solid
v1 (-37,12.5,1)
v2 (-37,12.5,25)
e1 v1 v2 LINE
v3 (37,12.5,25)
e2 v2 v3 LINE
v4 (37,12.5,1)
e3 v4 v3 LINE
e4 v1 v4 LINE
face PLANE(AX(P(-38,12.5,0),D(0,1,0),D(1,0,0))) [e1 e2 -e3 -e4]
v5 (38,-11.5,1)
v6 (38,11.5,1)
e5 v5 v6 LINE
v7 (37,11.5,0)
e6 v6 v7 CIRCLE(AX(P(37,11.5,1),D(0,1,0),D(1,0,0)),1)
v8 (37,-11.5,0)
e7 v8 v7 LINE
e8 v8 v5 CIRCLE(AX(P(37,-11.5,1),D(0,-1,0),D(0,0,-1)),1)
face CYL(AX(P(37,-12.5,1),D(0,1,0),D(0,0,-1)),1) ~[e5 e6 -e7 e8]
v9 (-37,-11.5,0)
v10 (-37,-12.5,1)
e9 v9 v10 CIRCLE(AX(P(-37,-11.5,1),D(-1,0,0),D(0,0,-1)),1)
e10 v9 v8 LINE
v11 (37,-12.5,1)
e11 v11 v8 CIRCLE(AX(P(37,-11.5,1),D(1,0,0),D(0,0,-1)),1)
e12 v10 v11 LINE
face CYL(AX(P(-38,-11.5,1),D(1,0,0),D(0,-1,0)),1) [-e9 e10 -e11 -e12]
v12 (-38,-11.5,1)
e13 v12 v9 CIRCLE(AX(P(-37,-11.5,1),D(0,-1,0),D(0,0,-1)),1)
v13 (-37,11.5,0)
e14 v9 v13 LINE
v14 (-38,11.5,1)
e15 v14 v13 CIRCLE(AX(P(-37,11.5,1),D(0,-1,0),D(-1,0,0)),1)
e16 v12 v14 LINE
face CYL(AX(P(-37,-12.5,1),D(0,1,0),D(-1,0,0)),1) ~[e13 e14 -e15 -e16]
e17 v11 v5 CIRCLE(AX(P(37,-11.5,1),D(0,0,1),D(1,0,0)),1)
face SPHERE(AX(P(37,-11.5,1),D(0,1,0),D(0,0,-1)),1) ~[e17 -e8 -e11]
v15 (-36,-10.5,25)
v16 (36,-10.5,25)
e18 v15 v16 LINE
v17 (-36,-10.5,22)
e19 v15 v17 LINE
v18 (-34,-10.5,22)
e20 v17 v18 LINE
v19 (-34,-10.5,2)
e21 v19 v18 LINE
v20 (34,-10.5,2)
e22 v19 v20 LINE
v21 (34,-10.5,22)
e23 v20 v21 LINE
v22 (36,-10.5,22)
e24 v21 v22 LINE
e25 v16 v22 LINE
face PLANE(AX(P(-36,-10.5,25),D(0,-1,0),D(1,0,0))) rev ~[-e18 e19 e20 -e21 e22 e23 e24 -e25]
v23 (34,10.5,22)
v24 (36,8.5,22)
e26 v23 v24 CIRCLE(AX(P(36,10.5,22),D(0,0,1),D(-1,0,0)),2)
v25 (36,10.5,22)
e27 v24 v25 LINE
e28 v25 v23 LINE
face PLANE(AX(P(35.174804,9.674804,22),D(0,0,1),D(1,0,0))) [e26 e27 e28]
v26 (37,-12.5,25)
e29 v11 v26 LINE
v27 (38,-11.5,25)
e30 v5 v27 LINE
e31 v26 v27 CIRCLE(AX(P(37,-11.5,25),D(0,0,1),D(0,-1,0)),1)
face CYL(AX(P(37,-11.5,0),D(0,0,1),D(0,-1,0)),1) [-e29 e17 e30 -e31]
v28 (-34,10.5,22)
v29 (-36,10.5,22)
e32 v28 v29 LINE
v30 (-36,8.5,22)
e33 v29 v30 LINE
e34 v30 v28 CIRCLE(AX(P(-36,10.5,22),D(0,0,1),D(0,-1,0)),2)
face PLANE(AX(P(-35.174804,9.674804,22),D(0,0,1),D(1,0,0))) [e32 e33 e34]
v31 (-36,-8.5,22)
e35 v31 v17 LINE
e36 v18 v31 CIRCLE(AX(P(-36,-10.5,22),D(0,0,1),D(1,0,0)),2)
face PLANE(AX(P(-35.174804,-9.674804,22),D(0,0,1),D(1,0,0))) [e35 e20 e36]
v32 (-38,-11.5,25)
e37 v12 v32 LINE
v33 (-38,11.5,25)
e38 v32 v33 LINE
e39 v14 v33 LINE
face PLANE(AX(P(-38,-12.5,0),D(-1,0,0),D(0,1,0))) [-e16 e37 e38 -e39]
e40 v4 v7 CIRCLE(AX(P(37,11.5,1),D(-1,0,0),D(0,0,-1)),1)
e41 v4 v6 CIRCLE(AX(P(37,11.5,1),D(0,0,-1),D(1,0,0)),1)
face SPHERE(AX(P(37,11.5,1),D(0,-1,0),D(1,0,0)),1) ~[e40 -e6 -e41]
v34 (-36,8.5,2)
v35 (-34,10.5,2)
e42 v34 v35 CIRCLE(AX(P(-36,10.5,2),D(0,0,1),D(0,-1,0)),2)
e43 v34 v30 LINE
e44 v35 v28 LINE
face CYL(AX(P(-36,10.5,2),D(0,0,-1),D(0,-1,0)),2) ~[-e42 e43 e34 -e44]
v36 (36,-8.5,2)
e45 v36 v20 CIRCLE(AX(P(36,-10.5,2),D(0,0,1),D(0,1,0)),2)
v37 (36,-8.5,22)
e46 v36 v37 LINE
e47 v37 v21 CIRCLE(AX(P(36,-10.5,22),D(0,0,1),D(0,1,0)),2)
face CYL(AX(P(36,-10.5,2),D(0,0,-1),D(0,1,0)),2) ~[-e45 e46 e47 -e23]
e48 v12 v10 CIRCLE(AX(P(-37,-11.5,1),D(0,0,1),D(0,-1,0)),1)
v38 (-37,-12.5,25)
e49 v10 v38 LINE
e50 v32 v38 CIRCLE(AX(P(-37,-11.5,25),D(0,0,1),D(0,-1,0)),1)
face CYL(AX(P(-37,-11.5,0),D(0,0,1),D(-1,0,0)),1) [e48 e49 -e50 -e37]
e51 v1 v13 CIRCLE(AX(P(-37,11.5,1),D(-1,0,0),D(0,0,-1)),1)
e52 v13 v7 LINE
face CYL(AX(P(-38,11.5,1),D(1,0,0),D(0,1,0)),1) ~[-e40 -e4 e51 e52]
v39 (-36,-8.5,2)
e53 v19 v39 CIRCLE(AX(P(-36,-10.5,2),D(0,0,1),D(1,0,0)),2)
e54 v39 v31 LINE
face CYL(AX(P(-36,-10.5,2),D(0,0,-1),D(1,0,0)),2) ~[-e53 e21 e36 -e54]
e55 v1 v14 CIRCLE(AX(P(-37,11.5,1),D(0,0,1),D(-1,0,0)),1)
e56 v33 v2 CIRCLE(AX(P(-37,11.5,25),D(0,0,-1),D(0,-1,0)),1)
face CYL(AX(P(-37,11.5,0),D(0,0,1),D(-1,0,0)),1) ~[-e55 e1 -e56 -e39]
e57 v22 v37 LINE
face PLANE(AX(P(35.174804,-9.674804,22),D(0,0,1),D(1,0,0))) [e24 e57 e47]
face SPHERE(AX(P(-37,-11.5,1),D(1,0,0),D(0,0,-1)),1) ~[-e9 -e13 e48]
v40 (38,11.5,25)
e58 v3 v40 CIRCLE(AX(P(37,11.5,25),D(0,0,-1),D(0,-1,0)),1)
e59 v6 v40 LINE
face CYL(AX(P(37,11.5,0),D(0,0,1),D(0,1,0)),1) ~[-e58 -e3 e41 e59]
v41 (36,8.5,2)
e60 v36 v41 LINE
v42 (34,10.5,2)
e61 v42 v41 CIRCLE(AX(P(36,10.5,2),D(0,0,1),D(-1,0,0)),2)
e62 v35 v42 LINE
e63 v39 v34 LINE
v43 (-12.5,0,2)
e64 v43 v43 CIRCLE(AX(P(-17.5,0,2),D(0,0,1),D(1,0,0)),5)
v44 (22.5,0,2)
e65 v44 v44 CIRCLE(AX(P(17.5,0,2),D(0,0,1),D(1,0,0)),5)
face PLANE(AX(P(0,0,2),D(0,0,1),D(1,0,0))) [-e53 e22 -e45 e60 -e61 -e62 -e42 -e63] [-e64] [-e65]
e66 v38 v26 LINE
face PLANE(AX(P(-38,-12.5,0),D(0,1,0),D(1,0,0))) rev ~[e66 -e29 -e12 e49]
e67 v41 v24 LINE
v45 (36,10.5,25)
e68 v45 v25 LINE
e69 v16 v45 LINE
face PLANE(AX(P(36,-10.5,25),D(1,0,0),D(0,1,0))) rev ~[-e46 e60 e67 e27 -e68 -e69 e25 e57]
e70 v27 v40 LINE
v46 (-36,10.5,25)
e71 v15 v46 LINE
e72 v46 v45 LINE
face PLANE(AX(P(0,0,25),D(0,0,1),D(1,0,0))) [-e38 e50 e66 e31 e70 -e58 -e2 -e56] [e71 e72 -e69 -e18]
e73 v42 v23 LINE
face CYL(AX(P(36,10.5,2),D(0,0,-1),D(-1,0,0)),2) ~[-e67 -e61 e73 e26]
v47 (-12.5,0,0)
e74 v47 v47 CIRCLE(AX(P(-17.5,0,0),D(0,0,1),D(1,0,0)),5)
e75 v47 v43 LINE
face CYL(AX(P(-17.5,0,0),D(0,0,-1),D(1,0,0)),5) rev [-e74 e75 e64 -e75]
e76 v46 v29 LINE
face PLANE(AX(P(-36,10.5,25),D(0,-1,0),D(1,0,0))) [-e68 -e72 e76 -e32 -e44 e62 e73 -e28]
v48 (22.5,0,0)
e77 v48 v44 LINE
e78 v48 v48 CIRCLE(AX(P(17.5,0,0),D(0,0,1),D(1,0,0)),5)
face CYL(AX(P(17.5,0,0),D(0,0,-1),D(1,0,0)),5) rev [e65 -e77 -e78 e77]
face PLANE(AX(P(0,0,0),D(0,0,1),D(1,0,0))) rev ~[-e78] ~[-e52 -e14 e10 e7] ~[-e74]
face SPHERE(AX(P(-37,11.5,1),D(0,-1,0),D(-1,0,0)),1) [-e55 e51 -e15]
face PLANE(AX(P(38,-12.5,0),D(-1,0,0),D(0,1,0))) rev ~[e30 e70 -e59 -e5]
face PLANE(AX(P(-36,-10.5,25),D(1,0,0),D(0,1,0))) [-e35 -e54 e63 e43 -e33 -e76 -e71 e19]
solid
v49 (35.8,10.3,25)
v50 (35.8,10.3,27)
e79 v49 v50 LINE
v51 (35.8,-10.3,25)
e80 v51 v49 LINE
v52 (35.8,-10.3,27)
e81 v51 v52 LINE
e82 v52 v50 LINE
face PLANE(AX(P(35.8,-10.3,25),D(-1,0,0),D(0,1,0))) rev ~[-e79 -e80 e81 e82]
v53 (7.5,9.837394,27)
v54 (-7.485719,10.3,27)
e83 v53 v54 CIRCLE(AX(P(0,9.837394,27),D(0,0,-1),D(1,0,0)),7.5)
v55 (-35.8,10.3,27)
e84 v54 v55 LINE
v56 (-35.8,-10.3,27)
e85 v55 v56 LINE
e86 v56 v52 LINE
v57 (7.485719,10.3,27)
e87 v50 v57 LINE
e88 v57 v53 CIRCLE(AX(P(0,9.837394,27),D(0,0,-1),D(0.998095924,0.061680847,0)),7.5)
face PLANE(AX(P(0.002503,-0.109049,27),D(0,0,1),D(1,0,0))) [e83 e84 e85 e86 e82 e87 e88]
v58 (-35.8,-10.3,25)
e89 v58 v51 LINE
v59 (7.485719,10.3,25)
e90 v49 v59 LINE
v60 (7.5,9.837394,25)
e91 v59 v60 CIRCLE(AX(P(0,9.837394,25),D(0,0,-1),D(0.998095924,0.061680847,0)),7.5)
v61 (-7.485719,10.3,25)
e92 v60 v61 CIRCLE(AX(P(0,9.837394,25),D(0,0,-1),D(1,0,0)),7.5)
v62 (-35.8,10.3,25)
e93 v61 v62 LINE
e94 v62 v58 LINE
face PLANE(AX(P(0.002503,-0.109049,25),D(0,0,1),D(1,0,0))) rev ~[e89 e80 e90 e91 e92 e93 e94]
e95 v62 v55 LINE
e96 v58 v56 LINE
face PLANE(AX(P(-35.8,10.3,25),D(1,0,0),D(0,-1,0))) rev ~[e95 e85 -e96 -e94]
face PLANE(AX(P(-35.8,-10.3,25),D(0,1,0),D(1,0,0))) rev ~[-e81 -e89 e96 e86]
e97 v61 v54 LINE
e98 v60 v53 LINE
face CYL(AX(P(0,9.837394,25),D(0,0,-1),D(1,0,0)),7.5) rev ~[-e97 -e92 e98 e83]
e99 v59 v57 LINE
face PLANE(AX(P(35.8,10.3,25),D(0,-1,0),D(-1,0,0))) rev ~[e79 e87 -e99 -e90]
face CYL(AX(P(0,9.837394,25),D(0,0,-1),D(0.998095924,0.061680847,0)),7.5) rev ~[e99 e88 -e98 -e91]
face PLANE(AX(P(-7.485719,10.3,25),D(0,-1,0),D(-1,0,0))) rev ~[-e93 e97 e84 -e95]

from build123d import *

# Parameters (mm, degrees)
F0_W          = 76
F0_H          = 25
F0_R          = 5
F1_DEPTH      = 25
F2_W          = 72
F2_H          = 21
F2_R          = 5
F3_DEPTH      = 23
F6_DEPTH      = 2
F7_R          = 1
F8_DEPTH      = 20
F8_DEPTH_BACK = 1


with BuildPart() as f1:
    # F0 (on Top) → F1 (new body)
    with BuildSketch(Plane.XY):
        Rectangle(F0_W, F0_H)
        with Locations((-17.5, 0)):
            Circle(F0_R, mode=Mode.SUBTRACT)
        with Locations((17.5, 0)):
            Circle(F0_R, mode=Mode.SUBTRACT)
    extrude(amount=F1_DEPTH)

    # F2 (on face) → F3 (cut)
    with BuildSketch(Plane.XY.offset(25)):
        Rectangle(F2_W, F2_H)
        with Locations((-17.5, 0)):
            Circle(F2_R, mode=Mode.SUBTRACT)
        with Locations((17.5, 0)):
            Circle(F2_R, mode=Mode.SUBTRACT)
    extrude(amount=-F3_DEPTH, mode=Mode.SUBTRACT)

    # F7
    f7_edges = [f1.edges().sort_by_distance(p)[0] for p in [
        (38, 0, 0),
        (0, -12.5, 0),
        (-38, 0, 0),
        (38, -12.5, 12.5),
        (-38, -12.5, 12.5),
        (38, 12.5, 12.5),
        (-38, 12.5, 12.5),
        (0, 12.5, 0),
    ]]
    fillet(f7_edges, radius=F7_R)

    # F4 (on face) → F8 (join, two sides)
    with BuildSketch(Plane.XY.offset(2)) as f8_sk:
        with BuildLine():
            ThreePointArc((-36, 8.5), (-34.5857864376, 9.0857864376), (-34, 10.5))
            Line((-34, 10.5), (-36, 10.5))
            Line((-36, 10.5), (-36, 8.5))
        make_face()
        with BuildLine():
            ThreePointArc((-34, -10.5), (-34.5857864376, -9.0857864376), (-36, -8.5))
            Line((-36, -8.5), (-36, -10.5))
            Line((-36, -10.5), (-34, -10.5))
        make_face()
        with BuildLine():
            Line((36, -10.5), (36, -8.5))
            ThreePointArc((36, -8.5), (34.5857864376, -9.0857864376), (34, -10.5))
            Line((34, -10.5), (36, -10.5))
        make_face()
        with BuildLine():
            Line((36, 10.5), (34, 10.5))
            ThreePointArc((34, 10.5), (34.5857864376, 9.0857864376), (36, 8.5))
            Line((36, 8.5), (36, 10.5))
        make_face()
    extrude(amount=F8_DEPTH)
    extrude(f8_sk.sketch, amount=-F8_DEPTH_BACK)


with BuildPart() as f6:
    # F5 (on face) → F6 (new body)
    with BuildSketch(Plane.XY.offset(25)):
        with BuildLine():
            Line((-35.8, -10.3), (35.8, -10.3))
            Line((35.8, -10.3), (35.8, 10.3))
            Line((35.8, 10.3), (7.4857194286, 10.3))
            ThreePointArc((7.4857194286, 10.3), (7.496429007, 10.0688070079), (7.5, 9.8373936489))
            ThreePointArc((7.5, 9.8373936489), (-0.2314133589, 2.3409646419), (-7.4857194286, 10.3))
            Line((-7.4857194286, 10.3), (-35.8, 10.3))
            Line((-35.8, 10.3), (-35.8, -10.3))
        make_face()
    extrude(amount=F6_DEPTH)


solid = Compound([f1.part, f6.part])
